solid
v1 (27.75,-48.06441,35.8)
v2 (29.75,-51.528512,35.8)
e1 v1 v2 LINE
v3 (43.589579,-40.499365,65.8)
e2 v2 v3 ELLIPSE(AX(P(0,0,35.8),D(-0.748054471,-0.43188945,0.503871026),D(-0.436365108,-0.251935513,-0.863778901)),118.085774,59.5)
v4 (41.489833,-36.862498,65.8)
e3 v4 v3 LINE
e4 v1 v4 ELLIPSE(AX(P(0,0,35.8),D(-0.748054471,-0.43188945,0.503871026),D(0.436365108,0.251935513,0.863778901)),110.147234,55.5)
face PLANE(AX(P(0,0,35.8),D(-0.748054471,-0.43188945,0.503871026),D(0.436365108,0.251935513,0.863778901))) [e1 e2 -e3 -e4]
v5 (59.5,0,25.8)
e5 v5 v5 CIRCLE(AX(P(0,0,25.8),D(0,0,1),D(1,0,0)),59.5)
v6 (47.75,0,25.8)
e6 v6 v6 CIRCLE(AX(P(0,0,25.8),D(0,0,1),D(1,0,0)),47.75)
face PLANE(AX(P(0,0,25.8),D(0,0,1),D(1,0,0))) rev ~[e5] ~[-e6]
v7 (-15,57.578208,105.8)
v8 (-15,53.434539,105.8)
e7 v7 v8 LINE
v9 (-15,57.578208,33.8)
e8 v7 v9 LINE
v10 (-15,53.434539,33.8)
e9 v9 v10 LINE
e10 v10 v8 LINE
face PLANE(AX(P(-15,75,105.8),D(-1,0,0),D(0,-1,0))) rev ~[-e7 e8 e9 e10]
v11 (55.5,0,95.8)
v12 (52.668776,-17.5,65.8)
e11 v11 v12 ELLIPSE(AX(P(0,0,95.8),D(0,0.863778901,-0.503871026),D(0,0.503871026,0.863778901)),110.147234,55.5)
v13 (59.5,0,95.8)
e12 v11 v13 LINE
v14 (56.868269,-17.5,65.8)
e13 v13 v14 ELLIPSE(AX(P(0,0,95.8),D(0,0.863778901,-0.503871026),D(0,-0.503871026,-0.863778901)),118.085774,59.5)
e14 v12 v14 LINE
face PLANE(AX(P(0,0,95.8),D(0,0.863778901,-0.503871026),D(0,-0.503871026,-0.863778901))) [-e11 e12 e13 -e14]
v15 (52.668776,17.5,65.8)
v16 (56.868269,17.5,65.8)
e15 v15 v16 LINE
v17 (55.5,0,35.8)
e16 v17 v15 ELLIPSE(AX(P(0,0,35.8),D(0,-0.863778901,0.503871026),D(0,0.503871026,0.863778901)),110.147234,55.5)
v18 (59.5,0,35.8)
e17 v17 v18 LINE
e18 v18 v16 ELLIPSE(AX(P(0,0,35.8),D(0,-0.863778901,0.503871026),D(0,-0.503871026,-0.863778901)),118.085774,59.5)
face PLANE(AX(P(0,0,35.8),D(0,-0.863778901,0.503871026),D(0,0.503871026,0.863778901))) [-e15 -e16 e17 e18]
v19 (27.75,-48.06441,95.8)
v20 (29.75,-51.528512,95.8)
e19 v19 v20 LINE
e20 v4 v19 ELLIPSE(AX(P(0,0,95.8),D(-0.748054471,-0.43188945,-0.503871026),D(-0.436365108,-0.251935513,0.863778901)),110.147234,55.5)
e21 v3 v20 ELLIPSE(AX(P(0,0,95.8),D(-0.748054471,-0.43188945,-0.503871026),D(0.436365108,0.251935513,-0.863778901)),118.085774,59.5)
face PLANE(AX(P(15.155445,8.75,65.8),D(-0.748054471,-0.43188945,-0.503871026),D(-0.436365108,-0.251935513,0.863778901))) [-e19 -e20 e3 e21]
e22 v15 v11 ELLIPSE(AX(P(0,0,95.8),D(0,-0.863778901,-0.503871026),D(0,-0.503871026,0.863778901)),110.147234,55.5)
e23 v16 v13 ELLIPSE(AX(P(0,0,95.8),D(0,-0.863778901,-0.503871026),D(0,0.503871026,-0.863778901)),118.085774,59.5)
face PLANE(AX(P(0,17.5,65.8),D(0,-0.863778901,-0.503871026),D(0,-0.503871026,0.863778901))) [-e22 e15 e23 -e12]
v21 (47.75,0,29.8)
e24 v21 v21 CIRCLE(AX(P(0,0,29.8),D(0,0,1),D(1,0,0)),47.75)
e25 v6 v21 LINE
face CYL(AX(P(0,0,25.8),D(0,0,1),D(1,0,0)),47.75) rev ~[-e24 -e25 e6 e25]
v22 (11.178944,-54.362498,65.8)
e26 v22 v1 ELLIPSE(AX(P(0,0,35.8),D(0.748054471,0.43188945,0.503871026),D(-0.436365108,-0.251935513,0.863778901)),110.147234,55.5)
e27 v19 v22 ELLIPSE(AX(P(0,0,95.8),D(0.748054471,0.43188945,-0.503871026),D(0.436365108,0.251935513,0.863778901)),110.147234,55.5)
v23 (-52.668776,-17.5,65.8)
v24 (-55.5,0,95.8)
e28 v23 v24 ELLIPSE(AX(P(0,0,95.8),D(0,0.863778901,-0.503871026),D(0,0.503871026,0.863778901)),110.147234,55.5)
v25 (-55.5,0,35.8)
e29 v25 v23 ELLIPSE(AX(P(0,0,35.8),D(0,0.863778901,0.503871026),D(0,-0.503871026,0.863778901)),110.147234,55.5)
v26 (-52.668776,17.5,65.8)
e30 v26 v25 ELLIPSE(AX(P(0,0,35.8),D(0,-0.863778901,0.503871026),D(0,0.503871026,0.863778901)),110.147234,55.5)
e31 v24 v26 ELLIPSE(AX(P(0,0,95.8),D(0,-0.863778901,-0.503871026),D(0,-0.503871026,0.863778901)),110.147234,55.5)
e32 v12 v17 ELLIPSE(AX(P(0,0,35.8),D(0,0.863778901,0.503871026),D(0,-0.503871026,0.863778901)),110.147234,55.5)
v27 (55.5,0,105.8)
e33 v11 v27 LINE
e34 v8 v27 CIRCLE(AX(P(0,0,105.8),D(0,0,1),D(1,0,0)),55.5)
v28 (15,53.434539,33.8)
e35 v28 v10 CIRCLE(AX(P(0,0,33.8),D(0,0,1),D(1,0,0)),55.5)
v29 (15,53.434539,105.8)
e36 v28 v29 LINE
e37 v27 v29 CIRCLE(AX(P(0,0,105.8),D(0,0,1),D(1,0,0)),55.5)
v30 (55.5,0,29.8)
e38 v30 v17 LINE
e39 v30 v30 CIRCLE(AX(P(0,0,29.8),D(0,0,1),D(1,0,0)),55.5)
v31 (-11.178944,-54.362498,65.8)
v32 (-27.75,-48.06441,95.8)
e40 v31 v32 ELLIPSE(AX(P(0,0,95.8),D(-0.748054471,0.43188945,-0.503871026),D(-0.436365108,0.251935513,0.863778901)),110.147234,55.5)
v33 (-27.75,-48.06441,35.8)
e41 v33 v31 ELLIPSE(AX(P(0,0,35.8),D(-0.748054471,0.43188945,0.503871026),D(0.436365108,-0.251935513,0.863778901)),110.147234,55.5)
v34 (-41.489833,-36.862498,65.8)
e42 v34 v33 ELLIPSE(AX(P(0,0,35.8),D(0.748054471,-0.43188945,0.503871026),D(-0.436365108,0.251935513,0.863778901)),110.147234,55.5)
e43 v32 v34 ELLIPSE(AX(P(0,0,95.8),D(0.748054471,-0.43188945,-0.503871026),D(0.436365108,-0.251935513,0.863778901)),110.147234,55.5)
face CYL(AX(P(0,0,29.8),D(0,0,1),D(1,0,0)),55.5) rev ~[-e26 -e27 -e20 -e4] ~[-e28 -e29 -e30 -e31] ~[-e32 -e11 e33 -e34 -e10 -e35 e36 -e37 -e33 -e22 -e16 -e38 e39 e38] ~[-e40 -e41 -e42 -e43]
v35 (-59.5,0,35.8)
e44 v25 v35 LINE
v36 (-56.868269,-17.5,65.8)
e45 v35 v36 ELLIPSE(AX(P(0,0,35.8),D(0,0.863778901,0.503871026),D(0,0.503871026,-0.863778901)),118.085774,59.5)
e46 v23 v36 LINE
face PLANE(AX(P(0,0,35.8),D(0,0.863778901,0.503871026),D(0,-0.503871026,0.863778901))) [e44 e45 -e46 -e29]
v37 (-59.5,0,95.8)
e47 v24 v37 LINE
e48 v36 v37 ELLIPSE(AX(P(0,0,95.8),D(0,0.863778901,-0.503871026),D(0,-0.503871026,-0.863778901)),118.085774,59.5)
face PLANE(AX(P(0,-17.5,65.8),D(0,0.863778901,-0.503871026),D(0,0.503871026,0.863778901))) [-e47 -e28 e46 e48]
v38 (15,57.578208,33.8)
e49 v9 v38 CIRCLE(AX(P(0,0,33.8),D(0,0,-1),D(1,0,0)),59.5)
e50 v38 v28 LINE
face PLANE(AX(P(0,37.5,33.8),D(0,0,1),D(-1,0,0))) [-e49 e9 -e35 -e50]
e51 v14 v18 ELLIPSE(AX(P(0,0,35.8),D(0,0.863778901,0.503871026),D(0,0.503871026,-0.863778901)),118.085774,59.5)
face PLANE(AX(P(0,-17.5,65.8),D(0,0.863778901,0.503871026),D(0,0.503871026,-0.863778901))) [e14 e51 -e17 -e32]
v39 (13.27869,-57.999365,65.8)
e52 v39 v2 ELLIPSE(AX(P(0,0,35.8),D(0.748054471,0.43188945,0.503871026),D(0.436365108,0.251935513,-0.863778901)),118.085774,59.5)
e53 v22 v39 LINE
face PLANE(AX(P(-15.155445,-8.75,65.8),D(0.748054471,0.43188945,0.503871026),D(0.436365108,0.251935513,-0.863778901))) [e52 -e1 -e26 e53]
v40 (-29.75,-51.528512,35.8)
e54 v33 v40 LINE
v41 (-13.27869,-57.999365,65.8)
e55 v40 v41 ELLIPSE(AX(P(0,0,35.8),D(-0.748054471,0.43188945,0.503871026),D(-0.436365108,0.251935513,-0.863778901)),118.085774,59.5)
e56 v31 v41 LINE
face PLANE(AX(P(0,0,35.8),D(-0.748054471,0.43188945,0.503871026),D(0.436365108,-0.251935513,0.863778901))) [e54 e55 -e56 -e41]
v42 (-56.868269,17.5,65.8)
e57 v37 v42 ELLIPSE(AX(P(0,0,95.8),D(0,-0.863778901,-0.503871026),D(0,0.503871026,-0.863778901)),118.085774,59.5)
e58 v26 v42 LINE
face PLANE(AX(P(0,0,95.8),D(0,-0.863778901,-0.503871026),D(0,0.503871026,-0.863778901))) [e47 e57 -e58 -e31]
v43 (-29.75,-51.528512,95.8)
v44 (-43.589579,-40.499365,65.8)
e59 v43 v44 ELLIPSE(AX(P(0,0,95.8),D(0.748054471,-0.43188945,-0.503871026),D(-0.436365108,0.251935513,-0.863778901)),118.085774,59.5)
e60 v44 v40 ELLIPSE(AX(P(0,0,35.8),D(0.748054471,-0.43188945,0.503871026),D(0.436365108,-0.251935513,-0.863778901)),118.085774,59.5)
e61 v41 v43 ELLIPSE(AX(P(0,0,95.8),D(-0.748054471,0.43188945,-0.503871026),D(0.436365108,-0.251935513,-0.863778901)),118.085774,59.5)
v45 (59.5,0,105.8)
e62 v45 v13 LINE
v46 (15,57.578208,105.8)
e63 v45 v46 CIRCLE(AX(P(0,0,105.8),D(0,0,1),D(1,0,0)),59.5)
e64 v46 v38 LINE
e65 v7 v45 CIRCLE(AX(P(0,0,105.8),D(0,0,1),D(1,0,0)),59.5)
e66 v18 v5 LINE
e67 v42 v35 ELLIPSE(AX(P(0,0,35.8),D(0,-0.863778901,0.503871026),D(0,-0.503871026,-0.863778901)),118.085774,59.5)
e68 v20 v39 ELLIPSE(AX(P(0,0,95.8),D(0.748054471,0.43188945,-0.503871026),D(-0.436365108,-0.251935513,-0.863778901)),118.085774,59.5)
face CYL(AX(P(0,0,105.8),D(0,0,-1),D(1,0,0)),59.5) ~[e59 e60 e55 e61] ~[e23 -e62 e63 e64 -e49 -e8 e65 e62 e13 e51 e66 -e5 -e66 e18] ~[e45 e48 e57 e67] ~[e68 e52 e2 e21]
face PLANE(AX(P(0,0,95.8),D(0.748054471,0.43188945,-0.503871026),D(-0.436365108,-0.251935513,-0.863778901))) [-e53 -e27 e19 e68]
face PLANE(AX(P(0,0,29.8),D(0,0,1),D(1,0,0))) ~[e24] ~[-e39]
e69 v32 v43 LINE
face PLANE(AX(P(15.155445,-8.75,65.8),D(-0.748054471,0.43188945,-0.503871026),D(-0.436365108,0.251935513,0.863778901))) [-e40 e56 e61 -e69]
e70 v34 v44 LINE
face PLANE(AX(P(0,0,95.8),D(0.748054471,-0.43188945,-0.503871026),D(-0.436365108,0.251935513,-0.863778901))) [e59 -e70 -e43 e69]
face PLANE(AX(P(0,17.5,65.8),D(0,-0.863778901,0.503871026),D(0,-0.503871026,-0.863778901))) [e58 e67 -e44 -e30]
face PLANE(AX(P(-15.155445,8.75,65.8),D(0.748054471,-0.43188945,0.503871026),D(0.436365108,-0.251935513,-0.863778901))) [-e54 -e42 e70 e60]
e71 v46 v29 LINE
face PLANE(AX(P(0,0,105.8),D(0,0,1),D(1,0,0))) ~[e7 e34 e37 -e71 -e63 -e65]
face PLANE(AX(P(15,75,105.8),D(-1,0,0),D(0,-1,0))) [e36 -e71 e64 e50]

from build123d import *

# Parameters (mm, degrees)
POCKET_DEPTH       = 432.177804
POLARPATTERN_COUNT = 4
POLARPATTERN_ANGLE = 180
SKETCH006_W        = 30
SKETCH006_H        = 75
POCKET001_DEPTH    = 72


with BuildPart() as part:
    # Sketch → Revolution001 (revolve)
    with BuildSketch(Plane.XZ):
        Polygon((47.75, 29.8), (55.5, 29.8), (55.5, 105.8), (59.5, 105.8), (59.5, 25.8), (47.75, 25.8), align=None)
    revolve(axis=Axis((0, 0, 0), (0, 0, 1)))

    # Sketch005 → Pocket (cut, through all)
    with BuildSketch(Plane.YZ):
        Polygon((0, 35.8), (-17.5, 65.8), (0, 95.8), (17.5, 65.8), align=None)
    pocket = extrude(amount=-POCKET_DEPTH, mode=Mode.SUBTRACT)

    # PolarPattern: Pocket ×4 about axis
    polarpattern_axis = Axis((0, 0, 0), (0, 0, 1))
    for i in range(1, POLARPATTERN_COUNT):
        add(pocket.rotate(polarpattern_axis, i * POLARPATTERN_ANGLE / (POLARPATTERN_COUNT - 1)), mode=Mode.SUBTRACT)

    # Sketch006 (on Face7 of PolarPattern) → Pocket001 (cut)
    with BuildSketch(Plane(origin=(0, 0, 105.8), x_dir=(-1, 0, 0), z_dir=(0, 0, 1))):
        with Locations((0, -37.5)):
            Rectangle(SKETCH006_W, SKETCH006_H)
    extrude(amount=-POCKET001_DEPTH, mode=Mode.SUBTRACT)


solid = part.part
